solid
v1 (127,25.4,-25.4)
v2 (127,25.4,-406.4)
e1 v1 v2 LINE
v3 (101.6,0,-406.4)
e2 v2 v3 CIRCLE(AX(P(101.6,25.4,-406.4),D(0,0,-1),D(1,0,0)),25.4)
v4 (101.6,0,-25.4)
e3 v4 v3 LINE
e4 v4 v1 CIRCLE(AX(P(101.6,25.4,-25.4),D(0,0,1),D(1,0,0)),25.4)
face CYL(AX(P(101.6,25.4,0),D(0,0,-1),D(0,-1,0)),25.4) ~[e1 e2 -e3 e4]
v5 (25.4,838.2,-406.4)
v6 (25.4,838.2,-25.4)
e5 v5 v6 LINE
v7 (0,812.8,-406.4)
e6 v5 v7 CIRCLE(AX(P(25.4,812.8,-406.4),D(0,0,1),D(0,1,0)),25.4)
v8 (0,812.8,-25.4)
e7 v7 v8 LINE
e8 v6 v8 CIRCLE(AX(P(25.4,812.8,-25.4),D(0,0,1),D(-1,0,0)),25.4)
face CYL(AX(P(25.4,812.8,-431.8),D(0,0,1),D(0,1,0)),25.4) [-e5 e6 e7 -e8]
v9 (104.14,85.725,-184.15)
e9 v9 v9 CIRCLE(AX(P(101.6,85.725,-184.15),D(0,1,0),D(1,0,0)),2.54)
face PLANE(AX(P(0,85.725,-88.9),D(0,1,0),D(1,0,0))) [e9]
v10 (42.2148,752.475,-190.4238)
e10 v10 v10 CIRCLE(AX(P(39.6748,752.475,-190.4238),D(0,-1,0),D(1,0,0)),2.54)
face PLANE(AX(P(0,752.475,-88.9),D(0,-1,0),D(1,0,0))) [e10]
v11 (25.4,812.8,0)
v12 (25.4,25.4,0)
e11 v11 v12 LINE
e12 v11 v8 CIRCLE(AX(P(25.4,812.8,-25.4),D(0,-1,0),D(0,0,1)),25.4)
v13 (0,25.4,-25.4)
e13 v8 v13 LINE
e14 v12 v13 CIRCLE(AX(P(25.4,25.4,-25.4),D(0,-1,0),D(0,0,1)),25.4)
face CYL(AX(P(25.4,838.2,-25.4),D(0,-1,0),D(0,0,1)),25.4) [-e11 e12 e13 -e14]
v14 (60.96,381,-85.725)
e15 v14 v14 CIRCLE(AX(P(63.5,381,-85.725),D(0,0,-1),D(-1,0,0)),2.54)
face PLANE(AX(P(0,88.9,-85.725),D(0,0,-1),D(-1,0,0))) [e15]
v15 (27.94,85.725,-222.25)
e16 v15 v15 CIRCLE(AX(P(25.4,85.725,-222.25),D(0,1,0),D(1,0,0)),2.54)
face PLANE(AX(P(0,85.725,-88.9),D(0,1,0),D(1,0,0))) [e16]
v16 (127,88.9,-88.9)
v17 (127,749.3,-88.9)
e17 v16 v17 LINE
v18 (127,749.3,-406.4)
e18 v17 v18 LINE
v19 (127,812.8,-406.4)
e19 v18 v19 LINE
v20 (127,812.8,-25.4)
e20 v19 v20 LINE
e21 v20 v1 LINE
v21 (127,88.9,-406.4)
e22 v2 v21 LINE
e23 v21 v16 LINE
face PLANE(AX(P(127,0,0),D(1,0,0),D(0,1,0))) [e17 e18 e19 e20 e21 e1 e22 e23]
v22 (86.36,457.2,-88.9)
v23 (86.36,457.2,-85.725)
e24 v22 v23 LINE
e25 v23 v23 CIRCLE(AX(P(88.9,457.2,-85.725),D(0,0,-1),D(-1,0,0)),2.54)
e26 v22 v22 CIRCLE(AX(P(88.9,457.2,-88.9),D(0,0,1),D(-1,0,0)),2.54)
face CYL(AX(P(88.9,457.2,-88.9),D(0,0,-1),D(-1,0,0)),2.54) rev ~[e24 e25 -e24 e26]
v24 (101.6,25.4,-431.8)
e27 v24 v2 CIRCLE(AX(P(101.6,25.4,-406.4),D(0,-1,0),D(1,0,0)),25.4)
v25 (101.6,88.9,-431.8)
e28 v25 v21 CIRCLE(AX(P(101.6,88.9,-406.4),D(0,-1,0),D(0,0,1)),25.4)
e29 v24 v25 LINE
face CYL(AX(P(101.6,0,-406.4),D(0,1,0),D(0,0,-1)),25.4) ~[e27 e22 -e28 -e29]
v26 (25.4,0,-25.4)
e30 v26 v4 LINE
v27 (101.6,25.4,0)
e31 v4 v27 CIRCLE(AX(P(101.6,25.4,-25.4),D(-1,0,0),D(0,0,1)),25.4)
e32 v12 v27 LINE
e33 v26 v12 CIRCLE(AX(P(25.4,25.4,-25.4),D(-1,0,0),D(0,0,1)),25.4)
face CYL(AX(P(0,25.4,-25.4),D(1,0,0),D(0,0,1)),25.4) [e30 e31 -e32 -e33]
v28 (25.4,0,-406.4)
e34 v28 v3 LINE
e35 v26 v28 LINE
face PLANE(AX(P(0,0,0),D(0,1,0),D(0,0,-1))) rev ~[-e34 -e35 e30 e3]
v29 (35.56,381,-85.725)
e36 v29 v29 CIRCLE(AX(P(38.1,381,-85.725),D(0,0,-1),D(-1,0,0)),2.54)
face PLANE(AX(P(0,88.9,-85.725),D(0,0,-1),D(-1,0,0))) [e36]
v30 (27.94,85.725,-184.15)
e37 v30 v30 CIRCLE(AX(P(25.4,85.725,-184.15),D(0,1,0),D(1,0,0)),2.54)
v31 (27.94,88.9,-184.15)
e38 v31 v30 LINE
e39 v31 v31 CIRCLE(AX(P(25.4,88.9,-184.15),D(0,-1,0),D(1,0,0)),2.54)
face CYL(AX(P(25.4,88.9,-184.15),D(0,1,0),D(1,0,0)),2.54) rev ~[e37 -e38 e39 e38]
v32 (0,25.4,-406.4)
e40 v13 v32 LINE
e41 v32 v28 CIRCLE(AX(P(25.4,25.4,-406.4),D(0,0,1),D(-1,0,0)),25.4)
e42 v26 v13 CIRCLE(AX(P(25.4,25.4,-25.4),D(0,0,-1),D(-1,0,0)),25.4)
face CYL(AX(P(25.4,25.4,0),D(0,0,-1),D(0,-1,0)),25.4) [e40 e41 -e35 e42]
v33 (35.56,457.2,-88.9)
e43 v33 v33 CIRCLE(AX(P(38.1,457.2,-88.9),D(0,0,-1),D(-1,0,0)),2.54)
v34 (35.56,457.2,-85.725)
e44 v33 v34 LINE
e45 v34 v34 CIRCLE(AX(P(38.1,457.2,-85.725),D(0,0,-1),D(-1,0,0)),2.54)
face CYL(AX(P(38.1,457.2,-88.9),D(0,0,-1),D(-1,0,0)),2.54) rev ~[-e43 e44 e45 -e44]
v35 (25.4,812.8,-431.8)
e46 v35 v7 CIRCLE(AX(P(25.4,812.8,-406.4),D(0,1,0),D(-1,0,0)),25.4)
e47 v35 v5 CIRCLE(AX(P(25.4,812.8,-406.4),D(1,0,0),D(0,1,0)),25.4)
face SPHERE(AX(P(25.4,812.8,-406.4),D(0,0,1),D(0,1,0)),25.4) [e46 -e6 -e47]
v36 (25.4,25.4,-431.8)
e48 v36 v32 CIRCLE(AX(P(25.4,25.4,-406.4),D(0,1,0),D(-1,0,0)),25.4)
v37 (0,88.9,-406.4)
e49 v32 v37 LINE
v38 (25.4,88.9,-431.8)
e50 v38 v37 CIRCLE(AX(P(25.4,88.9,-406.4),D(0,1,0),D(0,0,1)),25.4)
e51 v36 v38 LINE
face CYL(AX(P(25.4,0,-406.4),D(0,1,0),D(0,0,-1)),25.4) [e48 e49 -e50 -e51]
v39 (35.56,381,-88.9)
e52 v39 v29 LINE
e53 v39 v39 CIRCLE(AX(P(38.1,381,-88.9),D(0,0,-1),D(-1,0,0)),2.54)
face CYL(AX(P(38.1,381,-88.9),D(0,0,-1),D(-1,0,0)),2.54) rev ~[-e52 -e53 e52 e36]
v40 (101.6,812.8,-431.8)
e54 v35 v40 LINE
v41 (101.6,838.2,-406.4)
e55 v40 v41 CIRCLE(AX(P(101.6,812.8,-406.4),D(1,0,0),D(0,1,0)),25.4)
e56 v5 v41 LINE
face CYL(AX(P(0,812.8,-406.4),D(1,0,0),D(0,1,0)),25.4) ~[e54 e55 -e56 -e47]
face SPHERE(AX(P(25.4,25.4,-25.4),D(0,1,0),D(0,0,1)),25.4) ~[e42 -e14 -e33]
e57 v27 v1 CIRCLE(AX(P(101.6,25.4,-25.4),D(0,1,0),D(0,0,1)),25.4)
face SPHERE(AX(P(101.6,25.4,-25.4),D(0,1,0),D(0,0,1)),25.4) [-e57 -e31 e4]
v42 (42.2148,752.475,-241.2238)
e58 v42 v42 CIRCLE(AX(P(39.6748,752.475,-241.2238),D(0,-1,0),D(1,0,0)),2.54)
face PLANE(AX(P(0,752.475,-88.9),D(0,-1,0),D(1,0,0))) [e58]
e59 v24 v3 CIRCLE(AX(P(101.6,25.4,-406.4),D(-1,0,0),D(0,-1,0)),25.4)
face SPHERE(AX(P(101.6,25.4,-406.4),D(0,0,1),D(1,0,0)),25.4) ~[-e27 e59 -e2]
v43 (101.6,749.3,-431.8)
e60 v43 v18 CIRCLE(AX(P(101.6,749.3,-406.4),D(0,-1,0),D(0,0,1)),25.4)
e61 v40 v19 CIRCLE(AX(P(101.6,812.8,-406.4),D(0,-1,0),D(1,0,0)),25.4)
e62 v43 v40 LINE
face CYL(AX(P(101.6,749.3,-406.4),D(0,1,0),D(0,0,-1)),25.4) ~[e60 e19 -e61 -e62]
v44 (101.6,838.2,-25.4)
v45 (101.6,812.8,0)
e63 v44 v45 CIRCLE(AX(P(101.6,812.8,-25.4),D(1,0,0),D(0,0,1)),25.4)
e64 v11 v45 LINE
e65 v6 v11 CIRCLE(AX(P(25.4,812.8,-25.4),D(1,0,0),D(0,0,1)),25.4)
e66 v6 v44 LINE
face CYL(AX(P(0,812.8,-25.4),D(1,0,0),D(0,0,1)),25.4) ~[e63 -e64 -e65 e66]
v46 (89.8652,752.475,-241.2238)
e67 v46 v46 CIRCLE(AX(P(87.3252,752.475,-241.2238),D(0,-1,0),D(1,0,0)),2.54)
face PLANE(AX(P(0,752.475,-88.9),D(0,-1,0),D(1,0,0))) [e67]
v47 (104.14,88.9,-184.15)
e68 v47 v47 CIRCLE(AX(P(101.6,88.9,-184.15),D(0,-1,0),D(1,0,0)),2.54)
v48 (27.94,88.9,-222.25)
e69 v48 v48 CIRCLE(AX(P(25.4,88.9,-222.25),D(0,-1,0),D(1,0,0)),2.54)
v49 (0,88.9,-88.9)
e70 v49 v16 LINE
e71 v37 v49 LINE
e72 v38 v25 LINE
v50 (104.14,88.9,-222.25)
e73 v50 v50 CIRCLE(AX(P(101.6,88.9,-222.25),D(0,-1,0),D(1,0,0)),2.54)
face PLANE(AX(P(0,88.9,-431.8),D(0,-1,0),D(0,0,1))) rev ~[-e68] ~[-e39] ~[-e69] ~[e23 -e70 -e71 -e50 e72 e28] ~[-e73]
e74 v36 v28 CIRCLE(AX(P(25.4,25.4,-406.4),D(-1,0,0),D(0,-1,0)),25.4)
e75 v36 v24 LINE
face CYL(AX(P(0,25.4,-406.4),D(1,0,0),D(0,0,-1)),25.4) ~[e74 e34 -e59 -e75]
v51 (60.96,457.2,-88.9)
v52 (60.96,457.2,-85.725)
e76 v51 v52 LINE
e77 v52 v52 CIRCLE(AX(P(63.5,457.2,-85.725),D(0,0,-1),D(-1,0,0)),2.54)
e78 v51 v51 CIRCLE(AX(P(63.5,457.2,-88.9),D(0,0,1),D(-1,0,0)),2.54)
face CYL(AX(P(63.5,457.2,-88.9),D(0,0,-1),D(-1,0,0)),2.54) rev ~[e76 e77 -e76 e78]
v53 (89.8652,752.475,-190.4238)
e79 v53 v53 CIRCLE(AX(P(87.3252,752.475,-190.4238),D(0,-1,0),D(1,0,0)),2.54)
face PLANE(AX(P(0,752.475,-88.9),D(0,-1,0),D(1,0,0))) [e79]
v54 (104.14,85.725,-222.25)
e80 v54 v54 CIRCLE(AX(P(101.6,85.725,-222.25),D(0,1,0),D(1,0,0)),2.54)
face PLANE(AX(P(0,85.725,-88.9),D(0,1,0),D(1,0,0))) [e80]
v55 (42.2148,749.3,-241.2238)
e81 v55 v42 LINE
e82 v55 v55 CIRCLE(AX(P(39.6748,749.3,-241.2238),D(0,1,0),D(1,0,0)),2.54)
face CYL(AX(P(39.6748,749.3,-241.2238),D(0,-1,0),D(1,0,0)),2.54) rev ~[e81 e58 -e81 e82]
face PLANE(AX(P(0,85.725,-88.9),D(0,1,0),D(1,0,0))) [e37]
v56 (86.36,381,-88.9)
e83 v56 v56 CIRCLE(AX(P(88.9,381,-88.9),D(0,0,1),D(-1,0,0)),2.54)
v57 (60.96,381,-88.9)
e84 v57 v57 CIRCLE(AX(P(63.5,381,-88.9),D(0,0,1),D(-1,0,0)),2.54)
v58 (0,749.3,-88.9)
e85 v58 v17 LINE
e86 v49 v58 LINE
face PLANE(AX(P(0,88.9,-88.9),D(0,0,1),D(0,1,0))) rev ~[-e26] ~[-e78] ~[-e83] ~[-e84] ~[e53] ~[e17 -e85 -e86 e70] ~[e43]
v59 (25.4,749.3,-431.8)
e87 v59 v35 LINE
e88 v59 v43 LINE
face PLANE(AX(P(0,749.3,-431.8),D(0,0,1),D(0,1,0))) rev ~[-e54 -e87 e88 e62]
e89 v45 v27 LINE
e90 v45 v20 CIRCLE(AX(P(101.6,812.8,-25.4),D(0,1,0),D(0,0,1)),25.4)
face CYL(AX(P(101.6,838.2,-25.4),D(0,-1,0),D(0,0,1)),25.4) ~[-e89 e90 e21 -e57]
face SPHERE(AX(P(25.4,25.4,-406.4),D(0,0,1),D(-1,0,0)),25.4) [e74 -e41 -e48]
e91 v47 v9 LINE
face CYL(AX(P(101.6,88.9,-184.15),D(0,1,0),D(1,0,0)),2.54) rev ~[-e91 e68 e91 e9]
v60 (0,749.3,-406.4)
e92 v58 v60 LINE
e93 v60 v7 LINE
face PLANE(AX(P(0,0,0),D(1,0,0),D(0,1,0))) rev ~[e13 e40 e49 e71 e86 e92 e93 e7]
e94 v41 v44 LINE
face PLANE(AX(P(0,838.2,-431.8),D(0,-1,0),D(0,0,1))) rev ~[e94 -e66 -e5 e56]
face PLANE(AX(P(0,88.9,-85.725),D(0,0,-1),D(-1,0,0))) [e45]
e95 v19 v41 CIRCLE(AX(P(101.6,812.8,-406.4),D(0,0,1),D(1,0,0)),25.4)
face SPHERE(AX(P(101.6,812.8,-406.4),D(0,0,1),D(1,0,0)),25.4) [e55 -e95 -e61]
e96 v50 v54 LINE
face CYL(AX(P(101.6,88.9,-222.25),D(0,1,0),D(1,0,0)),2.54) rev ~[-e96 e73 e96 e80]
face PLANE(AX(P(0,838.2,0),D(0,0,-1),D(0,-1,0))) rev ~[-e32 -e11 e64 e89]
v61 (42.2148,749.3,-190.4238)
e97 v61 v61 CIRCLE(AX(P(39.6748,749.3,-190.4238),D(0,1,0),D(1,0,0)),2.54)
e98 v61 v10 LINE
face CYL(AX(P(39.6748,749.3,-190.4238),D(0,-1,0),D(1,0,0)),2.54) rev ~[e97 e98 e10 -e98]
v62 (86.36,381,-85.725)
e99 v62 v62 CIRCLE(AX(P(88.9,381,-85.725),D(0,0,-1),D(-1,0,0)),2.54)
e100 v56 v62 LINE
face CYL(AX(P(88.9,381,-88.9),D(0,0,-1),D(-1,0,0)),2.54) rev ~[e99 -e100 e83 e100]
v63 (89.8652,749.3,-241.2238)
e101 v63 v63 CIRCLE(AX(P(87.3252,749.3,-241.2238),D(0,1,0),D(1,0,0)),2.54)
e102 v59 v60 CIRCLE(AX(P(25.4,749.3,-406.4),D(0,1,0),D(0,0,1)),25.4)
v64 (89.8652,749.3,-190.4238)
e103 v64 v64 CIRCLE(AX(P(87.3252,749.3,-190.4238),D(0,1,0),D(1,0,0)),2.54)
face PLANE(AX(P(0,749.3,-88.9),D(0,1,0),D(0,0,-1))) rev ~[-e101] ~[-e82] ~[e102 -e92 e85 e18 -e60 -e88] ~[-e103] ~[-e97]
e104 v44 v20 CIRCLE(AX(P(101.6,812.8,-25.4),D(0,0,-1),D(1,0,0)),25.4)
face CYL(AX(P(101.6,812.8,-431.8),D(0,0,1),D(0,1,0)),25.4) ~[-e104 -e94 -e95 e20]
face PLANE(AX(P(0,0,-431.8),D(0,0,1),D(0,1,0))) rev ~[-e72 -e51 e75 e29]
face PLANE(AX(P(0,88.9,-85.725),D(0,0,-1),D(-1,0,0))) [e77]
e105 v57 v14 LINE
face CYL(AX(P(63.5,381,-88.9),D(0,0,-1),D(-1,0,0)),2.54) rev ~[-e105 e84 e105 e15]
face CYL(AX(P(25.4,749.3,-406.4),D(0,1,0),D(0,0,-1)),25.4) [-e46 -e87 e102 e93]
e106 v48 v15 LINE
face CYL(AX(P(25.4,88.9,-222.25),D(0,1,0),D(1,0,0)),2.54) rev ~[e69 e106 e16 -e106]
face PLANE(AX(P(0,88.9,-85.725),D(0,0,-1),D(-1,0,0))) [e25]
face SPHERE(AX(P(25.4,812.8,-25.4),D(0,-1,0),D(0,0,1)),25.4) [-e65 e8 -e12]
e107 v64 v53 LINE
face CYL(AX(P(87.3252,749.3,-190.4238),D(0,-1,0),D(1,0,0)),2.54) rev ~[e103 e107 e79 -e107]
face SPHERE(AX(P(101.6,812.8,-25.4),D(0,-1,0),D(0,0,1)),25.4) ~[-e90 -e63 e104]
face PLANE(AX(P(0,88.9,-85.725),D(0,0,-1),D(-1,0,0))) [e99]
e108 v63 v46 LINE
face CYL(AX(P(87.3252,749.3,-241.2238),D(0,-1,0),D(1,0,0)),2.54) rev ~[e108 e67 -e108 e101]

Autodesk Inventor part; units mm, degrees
ref_plane "YZ Plane" through (0, 0, 0) normal (1, 0, 0) x (0, 1, 0)
ref_plane "XZ Plane" through (0, 0, 0) normal (0, 1, 0) x (-1, 0, 0)
ref_plane "XY Plane" through (0, 0, 0) normal (0, 0, 1) x (1, 0, 0)
sketch "Sketch1" plane through (0, 0, 0) normal (1, 0, 0) x (0, 1, 0)
  point P0 (0, 0)
sketch "Sketch2" plane through (0, 0, 0) normal (1, 0, 0) x (0, 1, 0)
  line L0 (0, 0) -> (0, -431.8)
  line L1 (0, -431.8) -> (88.9, -431.8)
  line L2 (88.9, -431.8) -> (88.9, -88.9)
  line L3 (88.9, -88.9) -> (749.3, -88.9)
  line L4 (749.3, -88.9) -> (749.3, -431.8)
  line L5 (749.3, -431.8) -> (838.2, -431.8)
  line L6 (838.2, -431.8) -> (838.2, 0)
  line L7 (838.2, 0) -> (0, 0)
  dimension "d0" = 660.4
  dimension "d1" = 342.9
  dimension "d2" = 342.9
  dimension "d3" = 88.9
  dimension "d4" = 88.9
  dimension "d5" = 88.9
extrude "Extrusion1" add sketch "Sketch2" along normal blind 127
fillet "Fillet1" radius 25.4 14 edges at (127, 419.1, 0) (0, 419.1, 0) (63.5, 838.2, 0) (127, 838.2, -215.9) (0, 838.2, -215.9) (63.5, 0, 0) (127, 0, -215.9) (127, 44.45, -431.8) (127, 793.75, -431.8) (63.5, 838.2, -431.8) (0, 793.75, -431.8) (0, 0, -215.9) (0, 44.45, -431.8) (63.5, 0, -431.8)
sketch "Sketch3" plane through (0, 88.9, -88.9) normal (0, 0, -1) x (-1, 0, 0)
  line L0 (0, 0) -> (-127, 0) projected
  line L1 (-63.5, 0) -> (-63.5, 660.4)
  line L2 (-25.4, 660.4) -> (-101.6, 660.4) projected
  line L3 (-63.5, 0) -> (-63.5, 254)
  line L4 (-63.5, 254) -> (-63.5, 406.4)
  line L5 (-63.5, 406.4) -> (-63.5, 660.4)
  line L6 (-63.5, 254) -> (-63.5, 292.1)
  line L7 (-63.5, 406.4) -> (-63.5, 368.3)
  circle A0 centre (-63.5, 292.1) radius 2.54
  circle A1 centre (-63.5, 368.3) radius 2.54
  line L8 (0, 0) -> (0, 660.4) projected
  line L9 (0, 406.4) -> (0, 368.3)
  line L10 (-127, 0) -> (-127, 660.4) projected
  line L11 (-60.96, 292.1) -> (-66.04, 292.1)
  line L12 (-63.5, 254) -> (-127, 254)
  line L13 (-127, 254) -> (-127, 292.1)
  line L14 (-127, 292.1) -> (-88.9, 292.1)
  line L15 (-127, 368.3) -> (-88.9, 368.3)
  line L16 (0, 292.1) -> (-38.1, 292.1)
  line L17 (0, 368.3) -> (-38.1, 368.3)
  circle A2 centre (-88.9, 292.1) radius 2.54
  circle A3 centre (-88.9, 368.3) radius 2.54
  circle A4 centre (-38.1, 368.3) radius 2.54
  circle A5 centre (-38.1, 292.1) radius 2.54
  point P0 (0, -88.9)
  dimension "d9" = 254
  dimension "d10" = 152.4
  dimension "d23" = 38.1
  dimension "d24" = 38.1
  dimension "d25" = 38.1
extrude "Extrusion2" cut sketch "Sketch3" against normal blind 3.175 contours A1 L1 | L1 A1 | A0 L11 L1 | L1 L11 A0 | L11 A0 L1 | L1 A0 L11
sketch "Sketch4" plane through (0, 88.9, -88.9) normal (0, 0, -1) x (-1, 0, 0)
  line L0 (0, 0) -> (-127, 0) projected
  line L1 (0, 0) -> (0, 292.1)
  line L2 (0, 0) -> (0, 660.4) projected
  line L3 (0, 292.1) -> (0, 368.3)
  line L4 (0, 292.1) -> (-38.1, 292.1)
  line L5 (0, 368.3) -> (-38.1, 368.3)
  line L6 (-127, 0) -> (-127, 660.4) projected
  line L7 (-127, 292.1) -> (-88.9, 292.1)
  line L8 (-127, 368.3) -> (-88.9, 368.3)
  circle A0 centre (-88.9, 292.1) radius 2.54
  circle A1 centre (-38.1, 292.1) radius 2.54
  circle A2 centre (-38.1, 368.3) radius 2.54
  circle A3 centre (-88.9, 368.3) radius 2.54
  point P0 (0, -88.9)
  dimension "d26" = 292.1
  dimension "d27" = 76.2
  dimension "d28" = 38.1
  dimension "d30" = 38.1
  dimension "d31" = 5.08
  dimension "d50" = 38.1
  dimension "d51" = 38.1
extrude "Extrusion3" cut sketch "Sketch4" against normal blind 3.175
sketch "Sketch5" plane through (0, 749.3, -88.9) normal (0, -1, 0) x (1, 0, 0)
  line L0 (0, 0) -> (0, -317.5) projected
  line L1 (0, -152.3238) -> (87.3252, -152.3238)
  line L2 (25.4, -342.9) -> (101.6, -342.9) projected
  line L3 (127, 0) -> (127, -317.5) projected
  line L4 (127, -152.3238) -> (39.6748, -152.3238)
  circle A0 centre (87.3252, -152.3238) radius 2.54
  circle A1 centre (39.6748, -152.3238) radius 2.54
  line L5 (87.3252, -152.3238) -> (87.3252, -101.5238)
  line L6 (39.6748, -152.3238) -> (39.6748, -101.5238)
  circle A2 centre (39.6748, -101.5238) radius 2.54
  circle A3 centre (87.3252, -101.5238) radius 2.54
  line L7 (87.3252, -101.5238) -> (87.3252, 0)
  point P0 (0, 88.9)
  dimension "d34" = 87.3252
  dimension "d36" = 87.3252
  dimension "d37" = 5.08
  dimension "d40" = 50.8
extrude "Extrusion5" cut sketch "Sketch5" against normal blind 3.175
sketch "Sketch6" plane through (0, 88.9, -88.9) normal (0, 1, 0) x (1, 0, 0)
  arc A0 (127, 317.5) -> (101.6, 342.9) centre (101.6, 317.5) ccw projected
  line L0 (127, 317.5) -> (127, 0) projected
  line L1 (101.6, 317.5) -> (25.4, 317.5) projected
  line L2 (101.6, 317.5) -> (127, 317.5)
  line L3 (101.6, -63.5) -> (101.6, 317.5) projected
  line L4 (101.6, 317.5) -> (101.6, 133.35)
  line L5 (101.6, 133.35) -> (101.6, 95.25)
  line L6 (25.4, 133.35) -> (25.4, 95.25)
  circle A1 centre (101.6, 133.35) radius 2.54
  circle A2 centre (101.6, 95.25) radius 2.54
  circle A3 centre (25.4, 95.25) radius 2.54
  circle A4 centre (25.4, 133.35) radius 2.54
  line L7 (101.6, -88.9) -> (25.4, -88.9) projected
  line L8 (101.6, 317.5) -> (101.6, -88.9)
  line L9 (25.4, 95.25) -> (25.4, 0)
  point P0 (0, -88.9)
  dimension "d46" = 38.1
  dimension "d47" = 5.08
extrude "Extrusion6" cut sketch "Sketch6" against normal blind 3.175
properties part number "Bumper"
